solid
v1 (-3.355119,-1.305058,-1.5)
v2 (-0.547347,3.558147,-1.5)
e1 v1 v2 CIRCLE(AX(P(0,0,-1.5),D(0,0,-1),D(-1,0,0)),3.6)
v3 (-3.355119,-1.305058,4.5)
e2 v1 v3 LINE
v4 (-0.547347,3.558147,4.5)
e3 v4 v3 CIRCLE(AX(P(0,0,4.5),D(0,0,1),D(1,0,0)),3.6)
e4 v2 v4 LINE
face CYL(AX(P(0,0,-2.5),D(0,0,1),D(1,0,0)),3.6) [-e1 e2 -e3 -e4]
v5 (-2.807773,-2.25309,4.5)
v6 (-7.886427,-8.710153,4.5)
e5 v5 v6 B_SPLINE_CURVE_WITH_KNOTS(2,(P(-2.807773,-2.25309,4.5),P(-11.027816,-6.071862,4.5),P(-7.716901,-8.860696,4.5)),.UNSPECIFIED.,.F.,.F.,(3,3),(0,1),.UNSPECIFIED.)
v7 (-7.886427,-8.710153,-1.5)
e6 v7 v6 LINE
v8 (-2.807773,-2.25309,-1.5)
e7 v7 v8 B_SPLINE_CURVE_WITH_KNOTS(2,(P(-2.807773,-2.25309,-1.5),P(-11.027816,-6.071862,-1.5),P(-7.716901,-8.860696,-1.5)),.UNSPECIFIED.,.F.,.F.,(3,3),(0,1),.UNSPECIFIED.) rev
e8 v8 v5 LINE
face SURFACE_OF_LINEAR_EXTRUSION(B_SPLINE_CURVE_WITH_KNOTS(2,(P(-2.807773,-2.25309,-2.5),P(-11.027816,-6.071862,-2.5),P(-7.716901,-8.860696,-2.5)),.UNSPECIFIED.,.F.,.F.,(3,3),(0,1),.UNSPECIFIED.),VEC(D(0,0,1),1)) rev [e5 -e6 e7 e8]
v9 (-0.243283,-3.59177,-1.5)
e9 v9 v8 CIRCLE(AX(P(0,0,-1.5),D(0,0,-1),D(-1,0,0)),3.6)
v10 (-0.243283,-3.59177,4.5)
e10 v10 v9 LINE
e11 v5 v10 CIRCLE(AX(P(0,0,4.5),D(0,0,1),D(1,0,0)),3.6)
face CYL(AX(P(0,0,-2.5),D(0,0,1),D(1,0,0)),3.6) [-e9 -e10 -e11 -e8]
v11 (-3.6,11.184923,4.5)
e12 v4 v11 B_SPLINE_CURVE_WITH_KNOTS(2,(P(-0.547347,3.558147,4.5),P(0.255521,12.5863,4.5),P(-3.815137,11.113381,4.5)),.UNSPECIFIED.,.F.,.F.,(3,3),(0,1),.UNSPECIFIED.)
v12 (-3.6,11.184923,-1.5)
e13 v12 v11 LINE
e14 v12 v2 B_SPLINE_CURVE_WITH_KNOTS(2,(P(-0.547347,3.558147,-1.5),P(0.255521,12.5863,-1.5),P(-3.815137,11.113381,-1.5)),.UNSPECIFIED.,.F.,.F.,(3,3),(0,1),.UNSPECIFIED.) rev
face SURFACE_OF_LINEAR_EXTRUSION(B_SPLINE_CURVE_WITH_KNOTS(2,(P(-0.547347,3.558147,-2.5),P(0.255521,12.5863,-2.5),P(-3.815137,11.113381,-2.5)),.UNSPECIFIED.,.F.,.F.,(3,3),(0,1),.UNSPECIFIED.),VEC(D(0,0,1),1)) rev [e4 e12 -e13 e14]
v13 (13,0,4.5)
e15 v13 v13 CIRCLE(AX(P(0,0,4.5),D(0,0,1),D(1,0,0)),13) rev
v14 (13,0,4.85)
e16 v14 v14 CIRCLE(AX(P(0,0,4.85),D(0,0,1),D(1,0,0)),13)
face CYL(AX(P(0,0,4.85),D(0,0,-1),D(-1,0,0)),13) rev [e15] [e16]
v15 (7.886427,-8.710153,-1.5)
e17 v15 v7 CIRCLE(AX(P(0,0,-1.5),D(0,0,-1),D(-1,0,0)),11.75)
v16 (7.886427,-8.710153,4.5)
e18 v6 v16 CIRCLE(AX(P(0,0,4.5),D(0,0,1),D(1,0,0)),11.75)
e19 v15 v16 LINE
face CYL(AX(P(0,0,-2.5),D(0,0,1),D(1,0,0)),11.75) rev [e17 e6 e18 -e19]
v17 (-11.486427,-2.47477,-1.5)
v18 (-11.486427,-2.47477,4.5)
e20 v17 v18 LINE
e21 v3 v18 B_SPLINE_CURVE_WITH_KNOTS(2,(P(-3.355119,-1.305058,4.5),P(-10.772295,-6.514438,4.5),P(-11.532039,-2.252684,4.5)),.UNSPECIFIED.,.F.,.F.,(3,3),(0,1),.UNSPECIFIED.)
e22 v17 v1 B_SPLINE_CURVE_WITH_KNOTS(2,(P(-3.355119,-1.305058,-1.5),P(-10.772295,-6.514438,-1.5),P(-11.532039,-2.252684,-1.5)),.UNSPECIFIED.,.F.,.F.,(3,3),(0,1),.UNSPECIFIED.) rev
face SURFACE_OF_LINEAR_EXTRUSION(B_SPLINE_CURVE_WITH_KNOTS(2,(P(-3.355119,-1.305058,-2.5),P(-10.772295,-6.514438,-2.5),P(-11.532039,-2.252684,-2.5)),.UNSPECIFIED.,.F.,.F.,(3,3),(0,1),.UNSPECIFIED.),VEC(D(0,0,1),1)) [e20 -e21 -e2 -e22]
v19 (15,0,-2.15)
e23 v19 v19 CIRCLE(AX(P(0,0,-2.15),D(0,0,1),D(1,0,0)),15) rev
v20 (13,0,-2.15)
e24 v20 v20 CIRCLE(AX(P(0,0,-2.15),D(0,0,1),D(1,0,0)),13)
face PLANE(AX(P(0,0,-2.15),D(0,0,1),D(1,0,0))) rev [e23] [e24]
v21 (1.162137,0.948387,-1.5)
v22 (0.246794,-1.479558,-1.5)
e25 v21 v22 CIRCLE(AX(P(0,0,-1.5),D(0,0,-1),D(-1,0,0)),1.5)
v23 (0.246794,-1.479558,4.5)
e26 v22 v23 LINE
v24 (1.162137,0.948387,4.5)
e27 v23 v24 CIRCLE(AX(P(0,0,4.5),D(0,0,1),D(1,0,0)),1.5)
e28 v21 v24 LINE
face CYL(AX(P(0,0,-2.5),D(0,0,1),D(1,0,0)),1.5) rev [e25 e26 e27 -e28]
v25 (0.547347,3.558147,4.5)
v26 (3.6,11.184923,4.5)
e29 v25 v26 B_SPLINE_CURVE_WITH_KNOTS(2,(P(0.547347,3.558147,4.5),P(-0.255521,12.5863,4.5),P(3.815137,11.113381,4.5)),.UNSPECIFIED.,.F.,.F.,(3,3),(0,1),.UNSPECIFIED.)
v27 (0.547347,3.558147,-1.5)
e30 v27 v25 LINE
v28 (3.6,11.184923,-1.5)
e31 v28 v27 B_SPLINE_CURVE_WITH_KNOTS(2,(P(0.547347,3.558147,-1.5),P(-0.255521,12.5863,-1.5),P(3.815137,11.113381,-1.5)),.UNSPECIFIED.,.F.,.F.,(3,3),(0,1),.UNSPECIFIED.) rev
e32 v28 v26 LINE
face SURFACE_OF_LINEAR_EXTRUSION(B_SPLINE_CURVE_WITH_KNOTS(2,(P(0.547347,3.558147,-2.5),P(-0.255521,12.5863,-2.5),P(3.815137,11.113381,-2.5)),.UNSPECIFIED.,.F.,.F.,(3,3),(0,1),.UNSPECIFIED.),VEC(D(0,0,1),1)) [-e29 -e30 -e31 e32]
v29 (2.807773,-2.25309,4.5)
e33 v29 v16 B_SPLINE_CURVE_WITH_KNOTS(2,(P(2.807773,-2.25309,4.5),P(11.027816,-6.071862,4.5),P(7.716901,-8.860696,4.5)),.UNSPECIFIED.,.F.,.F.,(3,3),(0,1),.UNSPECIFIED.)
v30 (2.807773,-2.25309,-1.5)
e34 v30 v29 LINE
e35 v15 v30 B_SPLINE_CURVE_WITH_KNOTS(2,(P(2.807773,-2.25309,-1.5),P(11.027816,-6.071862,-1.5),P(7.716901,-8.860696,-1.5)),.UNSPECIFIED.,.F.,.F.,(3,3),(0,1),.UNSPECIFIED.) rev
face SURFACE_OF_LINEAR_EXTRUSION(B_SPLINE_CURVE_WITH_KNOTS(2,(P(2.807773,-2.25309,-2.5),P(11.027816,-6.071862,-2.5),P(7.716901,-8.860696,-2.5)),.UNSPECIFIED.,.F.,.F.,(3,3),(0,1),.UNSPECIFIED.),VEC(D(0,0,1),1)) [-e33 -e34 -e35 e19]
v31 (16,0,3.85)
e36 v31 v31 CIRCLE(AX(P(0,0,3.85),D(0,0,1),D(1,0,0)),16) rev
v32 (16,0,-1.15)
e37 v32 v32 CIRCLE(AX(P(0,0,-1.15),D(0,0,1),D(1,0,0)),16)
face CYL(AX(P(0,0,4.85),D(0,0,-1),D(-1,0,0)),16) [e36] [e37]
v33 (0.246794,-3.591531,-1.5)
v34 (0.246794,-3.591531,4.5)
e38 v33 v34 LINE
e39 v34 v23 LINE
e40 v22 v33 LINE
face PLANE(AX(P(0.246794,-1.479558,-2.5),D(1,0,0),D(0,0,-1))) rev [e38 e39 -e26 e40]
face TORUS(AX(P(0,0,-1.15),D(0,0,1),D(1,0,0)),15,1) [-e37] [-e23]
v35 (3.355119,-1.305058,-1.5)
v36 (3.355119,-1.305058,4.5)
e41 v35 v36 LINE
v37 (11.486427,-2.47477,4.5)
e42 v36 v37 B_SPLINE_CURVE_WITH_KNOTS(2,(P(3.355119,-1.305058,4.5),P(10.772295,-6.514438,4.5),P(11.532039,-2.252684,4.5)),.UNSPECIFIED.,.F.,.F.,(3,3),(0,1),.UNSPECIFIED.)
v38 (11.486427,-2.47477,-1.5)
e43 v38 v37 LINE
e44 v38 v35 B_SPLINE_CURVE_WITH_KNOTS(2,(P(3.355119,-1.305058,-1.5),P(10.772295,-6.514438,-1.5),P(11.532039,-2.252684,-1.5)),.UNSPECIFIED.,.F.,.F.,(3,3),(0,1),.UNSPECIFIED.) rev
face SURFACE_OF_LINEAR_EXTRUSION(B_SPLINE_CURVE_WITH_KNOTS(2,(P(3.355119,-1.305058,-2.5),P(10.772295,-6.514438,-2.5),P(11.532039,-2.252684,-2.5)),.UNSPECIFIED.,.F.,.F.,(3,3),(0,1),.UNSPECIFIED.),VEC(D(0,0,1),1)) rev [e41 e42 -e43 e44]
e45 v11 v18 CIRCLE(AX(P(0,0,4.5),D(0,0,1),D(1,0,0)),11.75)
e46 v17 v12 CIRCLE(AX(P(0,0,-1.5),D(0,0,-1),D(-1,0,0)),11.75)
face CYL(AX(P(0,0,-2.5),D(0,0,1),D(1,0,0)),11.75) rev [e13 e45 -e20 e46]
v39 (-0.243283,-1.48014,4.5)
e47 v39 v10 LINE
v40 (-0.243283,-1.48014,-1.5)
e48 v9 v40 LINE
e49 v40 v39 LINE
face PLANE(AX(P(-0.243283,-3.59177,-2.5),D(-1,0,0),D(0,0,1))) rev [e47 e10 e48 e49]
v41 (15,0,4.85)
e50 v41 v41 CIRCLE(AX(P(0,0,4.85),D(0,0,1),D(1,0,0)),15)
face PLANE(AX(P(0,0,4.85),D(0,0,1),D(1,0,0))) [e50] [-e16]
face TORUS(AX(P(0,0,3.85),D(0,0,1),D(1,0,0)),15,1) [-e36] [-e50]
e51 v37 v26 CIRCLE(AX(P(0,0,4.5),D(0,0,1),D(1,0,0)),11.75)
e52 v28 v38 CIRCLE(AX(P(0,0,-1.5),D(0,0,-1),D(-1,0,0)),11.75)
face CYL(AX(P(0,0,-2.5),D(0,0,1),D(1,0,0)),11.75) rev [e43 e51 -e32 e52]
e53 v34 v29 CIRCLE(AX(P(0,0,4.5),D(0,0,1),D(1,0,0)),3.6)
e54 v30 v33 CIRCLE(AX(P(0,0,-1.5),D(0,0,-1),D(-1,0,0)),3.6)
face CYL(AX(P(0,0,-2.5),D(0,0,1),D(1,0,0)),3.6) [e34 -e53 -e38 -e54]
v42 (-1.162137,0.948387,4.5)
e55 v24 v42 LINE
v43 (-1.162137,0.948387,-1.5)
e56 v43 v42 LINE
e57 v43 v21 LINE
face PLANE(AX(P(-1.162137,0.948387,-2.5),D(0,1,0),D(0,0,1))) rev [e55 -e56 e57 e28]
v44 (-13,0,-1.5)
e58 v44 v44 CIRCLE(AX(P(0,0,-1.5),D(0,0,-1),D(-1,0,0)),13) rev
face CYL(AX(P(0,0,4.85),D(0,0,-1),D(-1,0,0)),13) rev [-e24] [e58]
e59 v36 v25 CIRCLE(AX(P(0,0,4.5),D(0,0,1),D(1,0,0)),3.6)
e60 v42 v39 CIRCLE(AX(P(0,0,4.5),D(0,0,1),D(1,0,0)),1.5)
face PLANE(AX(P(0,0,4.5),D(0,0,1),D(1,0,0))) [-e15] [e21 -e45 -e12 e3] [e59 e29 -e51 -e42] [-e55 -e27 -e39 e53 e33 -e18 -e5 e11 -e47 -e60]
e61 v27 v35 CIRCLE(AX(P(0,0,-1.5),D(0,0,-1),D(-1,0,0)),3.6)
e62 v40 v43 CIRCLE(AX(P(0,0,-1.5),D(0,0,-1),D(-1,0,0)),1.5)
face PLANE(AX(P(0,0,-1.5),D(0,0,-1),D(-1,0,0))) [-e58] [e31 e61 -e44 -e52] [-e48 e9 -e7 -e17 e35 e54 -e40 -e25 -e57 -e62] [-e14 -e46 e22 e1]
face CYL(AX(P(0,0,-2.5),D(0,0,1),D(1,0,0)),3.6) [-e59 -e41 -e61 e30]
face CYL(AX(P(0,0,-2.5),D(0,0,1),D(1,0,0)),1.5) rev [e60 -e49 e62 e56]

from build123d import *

# Parameters (mm, degrees)
IZIM1_R                          = 14.3
Y_KSEKLIK_EKSTR_ZYON2_DEPTH      = 3
IZIM2_R                          = 13
Y_KSEKLIK_EKSTR_ZYON3_DEPTH      = 1.5
IZIM3_R                          = 13
Y_KSEKLIK_EKSTR_ZYON4_DEPTH      = 1.5
KES_EKSTR_ZYON1_DEPTH            = 7
KES_EKSTR_ZYON3_DEPTH            = 7
IZIM6_R                          = 16
IZIM6_R_2                        = 13
Y_KSEKLIK_EKSTR_ZYON5_DEPTH      = 0.35
Y_KSEKLIK_EKSTR_ZYON5_DEPTH_BACK = 6.65
RADYUS1_R                        = 1
RADYUS2_R                        = 1


with BuildPart() as part:
    # Çizim1 → Yükseklik-Ekstrüzyon2 (new body)
    with BuildSketch(Plane.XY):
        Circle(IZIM1_R)
    extrude(amount=Y_KSEKLIK_EKSTR_ZYON2_DEPTH)

    # Çizim2 → Yükseklik-Ekstrüzyon3 (add)
    with BuildSketch(Plane.XY.offset(3)):
        Circle(IZIM2_R)
    extrude(amount=Y_KSEKLIK_EKSTR_ZYON3_DEPTH)

    # Çizim3 → Yükseklik-Ekstrüzyon4 (add)
    with BuildSketch(Plane(origin=(0, 0, 0), x_dir=(-1, 0, 0), z_dir=(0, 0, -1))):
        Circle(IZIM3_R)
    extrude(amount=Y_KSEKLIK_EKSTR_ZYON4_DEPTH)

    # Çizim4 → Kes-Ekstrüzyon1 (cut)
    with BuildSketch(Plane.XY.offset(4.5)):
        with BuildLine():
            add(Edge.make_bspline(
                [(-0.547346557, 3.558147235), (0.233958313, 12.343828963), (-3.6, 11.184922888)],
                knots=[0, 0, 0, 0.973142828, 0.973142828, 0.973142828], degree=2))
            ThreePointArc((-3.6, 11.184922888), (-3.707741279, 11.149670605), (-3.81513744, 11.113380508))
            ThreePointArc((-3.81513744, 11.113380508), (-10.175798494, 5.875), (-11.532038562, -2.252684312))
            ThreePointArc((-11.532038562, -2.252684312), (-11.509768628, -2.363837165), (-11.48642736, -2.47476999))
            add(Edge.make_bspline(
                [(-3.355119175, -1.305057594), (-10.573090305, -6.374528324), (-11.48642736, -2.47476999)],
                knots=[0, 0, 0, 0.973142828, 0.973142828, 0.973142828], degree=2))
            ThreePointArc((-3.355119175, -1.305057594), (-3.117691454, 1.8), (-0.547346557, 3.558147235))
        make_face()
        with BuildLine():
            add(Edge.make_bspline(
                [(3.355119175, -1.305057594), (10.573090305, -6.374528324), (11.48642736, -2.47476999)],
                knots=[0, 0, 0, 0.973142828, 0.973142828, 0.973142828], degree=2))
            ThreePointArc((11.48642736, -2.47476999), (11.509768628, -2.363837165), (11.532038562, -2.252684312))
            ThreePointArc((11.532038562, -2.252684312), (10.175798494, 5.875), (3.81513744, 11.113380508))
            ThreePointArc((3.81513744, 11.113380508), (3.707741279, 11.149670605), (3.6, 11.184922888))
            add(Edge.make_bspline(
                [(0.547346557, 3.558147235), (-0.233958313, 12.343828963), (3.6, 11.184922888)],
                knots=[0, 0, 0, 0.973142828, 0.973142828, 0.973142828], degree=2))
            ThreePointArc((0.547346557, 3.558147235), (3.117691454, 1.8), (3.355119175, -1.305057594))
        make_face()
        with BuildLine():
            add(Edge.make_bspline(
                [(-2.807772617, -2.253089641), (-10.807048618, -5.969300639), (-7.88642736, -8.710152897)],
                knots=[0, 0, 0, 0.973142828, 0.973142828, 0.973142828], degree=2))
            ThreePointArc((-7.88642736, -8.710152897), (-7.802027349, -8.785833441), (-7.716901122, -8.860696196))
            ThreePointArc((-7.716901122, -8.860696196), (0, -11.75), (7.716901122, -8.860696196))
            ThreePointArc((7.716901122, -8.860696196), (7.802027349, -8.785833441), (7.88642736, -8.710152897))
            add(Edge.make_bspline(
                [(2.807772617, -2.253089641), (10.807048618, -5.969300639), (7.88642736, -8.710152897)],
                knots=[0, 0, 0, 0.973142828, 0.973142828, 0.973142828], degree=2))
            ThreePointArc((2.807772617, -2.253089641), (0, -3.6), (-2.807772617, -2.253089641))
        make_face()
    extrude(amount=-KES_EKSTR_ZYON1_DEPTH, mode=Mode.SUBTRACT)

    # Çizim5 → Kes-Ekstrüzyon3 (cut)
    with BuildSketch(Plane.XY.offset(4.5)):
        with BuildLine():
            Line((-0.243283358, -3.591770205), (-0.243283358, -3.70476627))
            Line((-0.243283358, -3.70476627), (0.246794301, -3.70476627))
            Line((0.246794301, -3.70476627), (0.246794301, -3.591770205))
            Line((0.246794301, -3.591770205), (0.246794301, -1.479558236))
            ThreePointArc((0.246794301, -1.479558236), (1.403567335, -0.529149068), (1.162136883, 0.948386981))
            Line((1.162136883, 0.948386981), (-1.162136883, 0.948386981))
            ThreePointArc((-1.162136883, 0.948386981), (-1.402938645, -0.530813677), (-0.243283358, -1.480139591))
            Line((-0.243283358, -1.480139591), (-0.243283358, -3.591770205))
        make_face()
    extrude(amount=-KES_EKSTR_ZYON3_DEPTH, mode=Mode.SUBTRACT)

    # Çizim6 → Yükseklik-Ekstrüzyon5 (add, two sides)
    with BuildSketch(Plane.XY.offset(4.5)) as y_kseklik_ekstr_zyon5_sk:
        Circle(IZIM6_R)
        Circle(IZIM6_R_2, mode=Mode.SUBTRACT)
    extrude(amount=Y_KSEKLIK_EKSTR_ZYON5_DEPTH)
    extrude(y_kseklik_ekstr_zyon5_sk.sketch, amount=-Y_KSEKLIK_EKSTR_ZYON5_DEPTH_BACK)

    # Radyus1
    radyus1_edges = [part.edges().sort_by_distance(p)[0] for p in [
        (-16, 0, 4.85),
    ]]
    fillet(radyus1_edges, radius=RADYUS1_R)

    # Radyus2
    radyus2_edges = [part.edges().sort_by_distance(p)[0] for p in [
        (-16, 0, -2.15),
    ]]
    fillet(radyus2_edges, radius=RADYUS2_R)


solid = part.part
